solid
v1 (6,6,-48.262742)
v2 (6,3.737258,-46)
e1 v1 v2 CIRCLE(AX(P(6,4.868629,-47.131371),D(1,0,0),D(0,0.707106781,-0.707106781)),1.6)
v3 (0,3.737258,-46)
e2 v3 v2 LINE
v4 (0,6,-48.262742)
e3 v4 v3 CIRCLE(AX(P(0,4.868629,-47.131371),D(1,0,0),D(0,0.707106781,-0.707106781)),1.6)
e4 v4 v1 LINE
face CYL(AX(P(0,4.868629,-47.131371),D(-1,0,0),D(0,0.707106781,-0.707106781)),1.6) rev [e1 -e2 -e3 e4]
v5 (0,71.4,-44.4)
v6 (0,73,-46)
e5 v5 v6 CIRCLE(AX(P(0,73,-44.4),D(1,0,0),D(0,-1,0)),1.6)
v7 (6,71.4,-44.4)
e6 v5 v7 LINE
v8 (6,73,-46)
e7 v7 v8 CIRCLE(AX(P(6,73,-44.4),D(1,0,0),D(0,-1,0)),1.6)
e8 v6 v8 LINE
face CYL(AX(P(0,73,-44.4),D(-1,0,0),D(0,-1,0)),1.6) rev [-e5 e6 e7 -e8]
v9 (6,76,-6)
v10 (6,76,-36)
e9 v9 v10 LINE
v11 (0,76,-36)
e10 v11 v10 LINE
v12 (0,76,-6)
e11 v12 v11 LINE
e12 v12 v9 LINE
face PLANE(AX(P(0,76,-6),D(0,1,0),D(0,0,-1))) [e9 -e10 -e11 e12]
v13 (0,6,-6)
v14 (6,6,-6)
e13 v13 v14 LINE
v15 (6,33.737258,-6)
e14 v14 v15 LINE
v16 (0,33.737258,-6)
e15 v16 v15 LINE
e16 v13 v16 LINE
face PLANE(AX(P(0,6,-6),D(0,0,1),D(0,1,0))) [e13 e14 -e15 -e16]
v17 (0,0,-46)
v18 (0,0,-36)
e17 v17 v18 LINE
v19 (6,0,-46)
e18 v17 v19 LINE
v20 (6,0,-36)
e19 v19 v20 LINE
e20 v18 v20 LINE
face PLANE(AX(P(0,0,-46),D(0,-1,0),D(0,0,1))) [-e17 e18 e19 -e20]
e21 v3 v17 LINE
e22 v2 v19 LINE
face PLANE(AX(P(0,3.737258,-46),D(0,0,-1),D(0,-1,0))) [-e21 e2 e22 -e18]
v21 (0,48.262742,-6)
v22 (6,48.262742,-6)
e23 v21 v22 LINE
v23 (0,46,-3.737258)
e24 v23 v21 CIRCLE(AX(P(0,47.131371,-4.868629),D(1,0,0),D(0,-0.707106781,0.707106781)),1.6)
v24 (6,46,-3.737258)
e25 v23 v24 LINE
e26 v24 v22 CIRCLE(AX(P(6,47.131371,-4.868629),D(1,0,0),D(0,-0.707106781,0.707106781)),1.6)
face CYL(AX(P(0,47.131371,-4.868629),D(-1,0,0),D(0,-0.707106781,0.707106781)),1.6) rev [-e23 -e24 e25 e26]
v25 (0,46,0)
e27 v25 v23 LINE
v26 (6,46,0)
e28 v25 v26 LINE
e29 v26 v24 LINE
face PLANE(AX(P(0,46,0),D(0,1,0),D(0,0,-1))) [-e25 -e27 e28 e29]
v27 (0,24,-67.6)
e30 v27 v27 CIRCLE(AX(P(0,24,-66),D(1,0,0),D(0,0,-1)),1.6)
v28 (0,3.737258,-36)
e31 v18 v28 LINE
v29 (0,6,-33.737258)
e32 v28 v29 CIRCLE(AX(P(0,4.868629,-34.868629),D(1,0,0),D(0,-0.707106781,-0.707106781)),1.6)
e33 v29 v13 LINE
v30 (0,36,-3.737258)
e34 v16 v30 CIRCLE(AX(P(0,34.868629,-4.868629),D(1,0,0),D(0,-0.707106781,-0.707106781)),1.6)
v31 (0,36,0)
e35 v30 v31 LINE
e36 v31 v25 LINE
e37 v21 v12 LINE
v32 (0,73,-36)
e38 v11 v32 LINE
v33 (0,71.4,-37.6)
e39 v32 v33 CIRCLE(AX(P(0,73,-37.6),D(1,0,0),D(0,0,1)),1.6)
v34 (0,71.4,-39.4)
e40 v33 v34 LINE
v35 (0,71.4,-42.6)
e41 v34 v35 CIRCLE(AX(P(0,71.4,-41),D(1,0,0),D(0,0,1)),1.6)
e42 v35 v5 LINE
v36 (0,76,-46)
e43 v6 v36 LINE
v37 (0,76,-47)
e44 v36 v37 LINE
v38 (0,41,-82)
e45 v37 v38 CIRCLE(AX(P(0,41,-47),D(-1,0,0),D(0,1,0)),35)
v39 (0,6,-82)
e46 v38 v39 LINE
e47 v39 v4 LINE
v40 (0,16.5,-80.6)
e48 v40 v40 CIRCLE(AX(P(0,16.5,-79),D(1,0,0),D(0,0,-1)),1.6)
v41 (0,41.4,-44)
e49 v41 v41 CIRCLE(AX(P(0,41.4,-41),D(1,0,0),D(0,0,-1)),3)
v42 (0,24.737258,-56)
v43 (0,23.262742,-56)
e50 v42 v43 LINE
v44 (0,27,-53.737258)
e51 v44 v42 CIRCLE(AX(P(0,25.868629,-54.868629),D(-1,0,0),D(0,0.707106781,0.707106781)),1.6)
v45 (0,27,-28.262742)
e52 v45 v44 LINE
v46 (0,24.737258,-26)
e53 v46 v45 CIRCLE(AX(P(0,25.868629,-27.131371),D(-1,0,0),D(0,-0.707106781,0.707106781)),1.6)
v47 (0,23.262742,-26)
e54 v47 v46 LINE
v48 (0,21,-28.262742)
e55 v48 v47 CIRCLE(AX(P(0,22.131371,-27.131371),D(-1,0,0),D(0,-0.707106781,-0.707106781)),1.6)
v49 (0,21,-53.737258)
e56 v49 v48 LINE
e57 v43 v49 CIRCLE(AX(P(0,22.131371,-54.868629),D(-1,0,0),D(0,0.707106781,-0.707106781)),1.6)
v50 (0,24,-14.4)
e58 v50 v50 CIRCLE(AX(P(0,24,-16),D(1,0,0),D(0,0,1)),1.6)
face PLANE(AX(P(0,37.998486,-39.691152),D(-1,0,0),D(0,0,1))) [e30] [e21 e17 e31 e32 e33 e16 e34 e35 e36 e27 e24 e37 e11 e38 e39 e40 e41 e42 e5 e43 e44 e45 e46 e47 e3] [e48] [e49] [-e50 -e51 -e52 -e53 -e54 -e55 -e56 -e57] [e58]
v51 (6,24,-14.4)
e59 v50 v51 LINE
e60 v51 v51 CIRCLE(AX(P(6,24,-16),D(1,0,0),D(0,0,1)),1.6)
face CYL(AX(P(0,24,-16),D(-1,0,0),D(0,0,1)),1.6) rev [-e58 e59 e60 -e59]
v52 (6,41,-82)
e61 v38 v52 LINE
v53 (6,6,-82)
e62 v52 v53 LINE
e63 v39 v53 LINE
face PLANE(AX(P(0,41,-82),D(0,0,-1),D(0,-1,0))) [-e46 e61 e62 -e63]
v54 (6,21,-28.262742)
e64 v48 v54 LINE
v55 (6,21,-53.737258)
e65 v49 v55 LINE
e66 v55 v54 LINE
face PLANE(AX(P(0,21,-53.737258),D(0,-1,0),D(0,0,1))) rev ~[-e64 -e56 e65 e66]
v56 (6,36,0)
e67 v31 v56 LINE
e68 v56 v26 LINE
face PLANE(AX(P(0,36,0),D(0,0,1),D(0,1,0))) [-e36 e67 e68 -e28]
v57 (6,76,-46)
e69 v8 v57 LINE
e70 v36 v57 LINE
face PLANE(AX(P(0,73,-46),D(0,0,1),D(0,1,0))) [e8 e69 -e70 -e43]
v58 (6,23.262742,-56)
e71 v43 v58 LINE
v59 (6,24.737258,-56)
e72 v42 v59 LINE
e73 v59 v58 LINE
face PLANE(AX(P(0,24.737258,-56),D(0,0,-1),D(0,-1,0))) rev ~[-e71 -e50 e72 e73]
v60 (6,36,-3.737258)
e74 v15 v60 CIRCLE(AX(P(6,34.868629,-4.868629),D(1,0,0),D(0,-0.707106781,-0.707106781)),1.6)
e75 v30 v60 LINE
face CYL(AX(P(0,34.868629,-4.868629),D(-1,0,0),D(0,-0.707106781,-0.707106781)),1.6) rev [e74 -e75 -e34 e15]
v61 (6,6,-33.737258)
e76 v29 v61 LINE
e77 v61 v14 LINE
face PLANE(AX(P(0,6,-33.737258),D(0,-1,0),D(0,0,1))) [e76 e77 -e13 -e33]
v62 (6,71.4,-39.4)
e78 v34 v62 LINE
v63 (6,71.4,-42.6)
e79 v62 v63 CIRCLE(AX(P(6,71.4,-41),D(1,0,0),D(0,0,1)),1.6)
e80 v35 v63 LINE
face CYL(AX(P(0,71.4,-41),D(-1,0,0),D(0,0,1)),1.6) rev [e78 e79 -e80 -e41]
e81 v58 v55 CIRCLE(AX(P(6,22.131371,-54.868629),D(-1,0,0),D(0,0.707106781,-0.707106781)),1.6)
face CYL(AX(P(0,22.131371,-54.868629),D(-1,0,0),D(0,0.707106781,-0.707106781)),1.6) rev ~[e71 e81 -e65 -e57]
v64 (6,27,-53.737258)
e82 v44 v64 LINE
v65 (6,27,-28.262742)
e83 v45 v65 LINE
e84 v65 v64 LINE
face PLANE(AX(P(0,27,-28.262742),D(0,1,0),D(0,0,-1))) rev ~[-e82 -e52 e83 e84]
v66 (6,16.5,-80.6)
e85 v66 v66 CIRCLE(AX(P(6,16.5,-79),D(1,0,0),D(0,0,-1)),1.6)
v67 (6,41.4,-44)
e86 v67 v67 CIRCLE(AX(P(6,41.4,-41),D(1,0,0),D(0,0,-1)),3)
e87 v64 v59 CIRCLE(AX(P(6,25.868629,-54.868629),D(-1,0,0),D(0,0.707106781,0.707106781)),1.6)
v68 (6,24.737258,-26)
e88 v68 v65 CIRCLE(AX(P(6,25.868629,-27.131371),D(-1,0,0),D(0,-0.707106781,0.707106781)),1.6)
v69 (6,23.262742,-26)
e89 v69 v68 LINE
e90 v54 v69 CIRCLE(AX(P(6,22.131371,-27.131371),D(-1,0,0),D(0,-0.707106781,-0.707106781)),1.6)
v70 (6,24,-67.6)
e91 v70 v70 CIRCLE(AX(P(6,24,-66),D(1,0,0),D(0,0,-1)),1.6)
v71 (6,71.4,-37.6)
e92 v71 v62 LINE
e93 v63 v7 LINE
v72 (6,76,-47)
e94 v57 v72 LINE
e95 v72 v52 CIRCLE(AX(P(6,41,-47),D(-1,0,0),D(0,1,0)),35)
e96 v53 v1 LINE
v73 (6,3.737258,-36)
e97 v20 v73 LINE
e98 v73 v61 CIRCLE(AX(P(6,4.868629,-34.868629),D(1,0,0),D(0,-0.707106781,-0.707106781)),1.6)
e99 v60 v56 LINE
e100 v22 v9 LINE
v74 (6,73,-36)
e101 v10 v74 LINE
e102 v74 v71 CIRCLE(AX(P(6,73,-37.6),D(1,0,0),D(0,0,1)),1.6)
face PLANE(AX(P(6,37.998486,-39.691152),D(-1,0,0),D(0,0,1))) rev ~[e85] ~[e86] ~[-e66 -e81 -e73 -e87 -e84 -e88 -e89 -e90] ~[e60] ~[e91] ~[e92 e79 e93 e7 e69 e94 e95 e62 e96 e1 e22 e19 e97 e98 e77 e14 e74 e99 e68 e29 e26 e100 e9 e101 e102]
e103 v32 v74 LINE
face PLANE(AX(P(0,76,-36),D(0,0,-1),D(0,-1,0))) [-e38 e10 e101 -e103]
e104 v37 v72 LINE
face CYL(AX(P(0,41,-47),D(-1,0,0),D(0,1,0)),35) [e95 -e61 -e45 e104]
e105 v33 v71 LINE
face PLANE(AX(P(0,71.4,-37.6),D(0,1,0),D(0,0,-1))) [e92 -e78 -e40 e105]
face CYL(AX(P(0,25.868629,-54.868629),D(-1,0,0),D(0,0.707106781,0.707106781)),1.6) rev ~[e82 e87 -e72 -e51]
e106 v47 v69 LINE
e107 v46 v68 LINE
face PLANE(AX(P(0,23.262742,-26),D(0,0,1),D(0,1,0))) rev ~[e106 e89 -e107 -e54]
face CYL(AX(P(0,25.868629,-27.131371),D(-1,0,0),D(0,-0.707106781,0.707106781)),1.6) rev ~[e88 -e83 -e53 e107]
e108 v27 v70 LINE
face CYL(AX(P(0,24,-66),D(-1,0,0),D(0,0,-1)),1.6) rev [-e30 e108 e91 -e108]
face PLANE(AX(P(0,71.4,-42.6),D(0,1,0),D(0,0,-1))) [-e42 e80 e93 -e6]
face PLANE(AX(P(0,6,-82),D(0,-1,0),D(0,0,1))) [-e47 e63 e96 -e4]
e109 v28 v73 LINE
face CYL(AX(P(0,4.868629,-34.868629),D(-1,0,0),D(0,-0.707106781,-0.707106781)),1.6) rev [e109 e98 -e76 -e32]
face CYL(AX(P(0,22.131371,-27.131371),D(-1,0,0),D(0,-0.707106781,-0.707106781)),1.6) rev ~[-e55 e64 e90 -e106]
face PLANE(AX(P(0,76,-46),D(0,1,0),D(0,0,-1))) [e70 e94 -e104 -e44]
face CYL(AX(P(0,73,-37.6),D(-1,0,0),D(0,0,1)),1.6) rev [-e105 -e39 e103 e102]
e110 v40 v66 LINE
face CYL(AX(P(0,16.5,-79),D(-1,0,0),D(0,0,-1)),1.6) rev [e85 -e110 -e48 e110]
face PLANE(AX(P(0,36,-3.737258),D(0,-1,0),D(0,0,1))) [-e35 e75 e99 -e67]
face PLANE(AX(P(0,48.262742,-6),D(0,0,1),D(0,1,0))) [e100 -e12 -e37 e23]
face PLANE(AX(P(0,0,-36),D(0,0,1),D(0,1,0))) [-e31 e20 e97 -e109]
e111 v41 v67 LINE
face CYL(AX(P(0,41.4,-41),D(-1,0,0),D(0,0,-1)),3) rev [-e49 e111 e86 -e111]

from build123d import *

# Parameters (mm, degrees)
ESQUISSE1_R        = 3
ESQUISSE1_R_2      = 1.6
BOSS_EXTRU_1_DEPTH = 6


with BuildPart() as part:
    # Esquisse1 → Boss.-Extru.1 (new body)
    with BuildSketch(Plane(origin=(0, 0, 0), x_dir=(0, 0, -1), z_dir=(1, 0, 0))):
        with BuildLine():
            Line((46, 3.7372583), (46, 0))
            Line((46, 0), (36, 0))
            Line((36, 0), (36, 3.7372583))
            ThreePointArc((36, 3.7372583), (36, 6), (33.7372583, 6))
            Line((33.7372583, 6), (6, 6))
            Line((6, 6), (6, 33.7372583))
            ThreePointArc((6, 33.7372583), (6, 36), (3.7372583, 36))
            Line((3.7372583, 36), (0, 36))
            Line((0, 36), (0, 46))
            Line((0, 46), (3.7372583, 46))
            ThreePointArc((3.7372583, 46), (6, 46), (6, 48.2627417))
            Line((6, 48.2627417), (6, 76))
            Line((6, 76), (36, 76))
            Line((36, 76), (36, 73))
            ThreePointArc((36, 73), (36.46862915, 71.86862915), (37.6, 71.4))
            Line((37.6, 71.4), (39.4, 71.4))
            ThreePointArc((39.4, 71.4), (41, 69.8), (42.6, 71.4))
            Line((42.6, 71.4), (44.4, 71.4))
            ThreePointArc((44.4, 71.4), (45.53137085, 71.86862915), (46, 73))
            Line((46, 73), (46, 76))
            Line((46, 76), (47, 76))
            ThreePointArc((47, 76), (71.748737342, 65.748737342), (82, 41))
            Line((82, 41), (82, 6))
            Line((82, 6), (48.2627417, 6))
            ThreePointArc((48.2627417, 6), (46, 6), (46, 3.7372583))
        make_face()
        with Locations((41, 41.4)):
            Circle(ESQUISSE1_R, mode=Mode.SUBTRACT)
        with Locations((79, 16.5)):
            Circle(ESQUISSE1_R_2, mode=Mode.SUBTRACT)
        with Locations((66, 24)):
            Circle(ESQUISSE1_R_2, mode=Mode.SUBTRACT)
        with Locations(Location((16, 24, 0), (0, 0, 180))):  # turned: the seam where the file's is
            Circle(ESQUISSE1_R_2, mode=Mode.SUBTRACT)
        with BuildLine():
            Line((56, 24.7372583), (56, 23.2627417))
            ThreePointArc((56, 23.2627417), (56, 21), (53.7372583, 21))
            Line((53.7372583, 21), (28.2627417, 21))
            ThreePointArc((28.2627417, 21), (26, 21), (26, 23.2627417))
            Line((26, 23.2627417), (26, 24.7372583))
            ThreePointArc((26, 24.7372583), (26, 27), (28.2627417, 27))
            Line((28.2627417, 27), (53.7372583, 27))
            ThreePointArc((53.7372583, 27), (56, 27), (56, 24.7372583))
        make_face(mode=Mode.SUBTRACT)
    extrude(amount=BOSS_EXTRU_1_DEPTH)


solid = part.part
